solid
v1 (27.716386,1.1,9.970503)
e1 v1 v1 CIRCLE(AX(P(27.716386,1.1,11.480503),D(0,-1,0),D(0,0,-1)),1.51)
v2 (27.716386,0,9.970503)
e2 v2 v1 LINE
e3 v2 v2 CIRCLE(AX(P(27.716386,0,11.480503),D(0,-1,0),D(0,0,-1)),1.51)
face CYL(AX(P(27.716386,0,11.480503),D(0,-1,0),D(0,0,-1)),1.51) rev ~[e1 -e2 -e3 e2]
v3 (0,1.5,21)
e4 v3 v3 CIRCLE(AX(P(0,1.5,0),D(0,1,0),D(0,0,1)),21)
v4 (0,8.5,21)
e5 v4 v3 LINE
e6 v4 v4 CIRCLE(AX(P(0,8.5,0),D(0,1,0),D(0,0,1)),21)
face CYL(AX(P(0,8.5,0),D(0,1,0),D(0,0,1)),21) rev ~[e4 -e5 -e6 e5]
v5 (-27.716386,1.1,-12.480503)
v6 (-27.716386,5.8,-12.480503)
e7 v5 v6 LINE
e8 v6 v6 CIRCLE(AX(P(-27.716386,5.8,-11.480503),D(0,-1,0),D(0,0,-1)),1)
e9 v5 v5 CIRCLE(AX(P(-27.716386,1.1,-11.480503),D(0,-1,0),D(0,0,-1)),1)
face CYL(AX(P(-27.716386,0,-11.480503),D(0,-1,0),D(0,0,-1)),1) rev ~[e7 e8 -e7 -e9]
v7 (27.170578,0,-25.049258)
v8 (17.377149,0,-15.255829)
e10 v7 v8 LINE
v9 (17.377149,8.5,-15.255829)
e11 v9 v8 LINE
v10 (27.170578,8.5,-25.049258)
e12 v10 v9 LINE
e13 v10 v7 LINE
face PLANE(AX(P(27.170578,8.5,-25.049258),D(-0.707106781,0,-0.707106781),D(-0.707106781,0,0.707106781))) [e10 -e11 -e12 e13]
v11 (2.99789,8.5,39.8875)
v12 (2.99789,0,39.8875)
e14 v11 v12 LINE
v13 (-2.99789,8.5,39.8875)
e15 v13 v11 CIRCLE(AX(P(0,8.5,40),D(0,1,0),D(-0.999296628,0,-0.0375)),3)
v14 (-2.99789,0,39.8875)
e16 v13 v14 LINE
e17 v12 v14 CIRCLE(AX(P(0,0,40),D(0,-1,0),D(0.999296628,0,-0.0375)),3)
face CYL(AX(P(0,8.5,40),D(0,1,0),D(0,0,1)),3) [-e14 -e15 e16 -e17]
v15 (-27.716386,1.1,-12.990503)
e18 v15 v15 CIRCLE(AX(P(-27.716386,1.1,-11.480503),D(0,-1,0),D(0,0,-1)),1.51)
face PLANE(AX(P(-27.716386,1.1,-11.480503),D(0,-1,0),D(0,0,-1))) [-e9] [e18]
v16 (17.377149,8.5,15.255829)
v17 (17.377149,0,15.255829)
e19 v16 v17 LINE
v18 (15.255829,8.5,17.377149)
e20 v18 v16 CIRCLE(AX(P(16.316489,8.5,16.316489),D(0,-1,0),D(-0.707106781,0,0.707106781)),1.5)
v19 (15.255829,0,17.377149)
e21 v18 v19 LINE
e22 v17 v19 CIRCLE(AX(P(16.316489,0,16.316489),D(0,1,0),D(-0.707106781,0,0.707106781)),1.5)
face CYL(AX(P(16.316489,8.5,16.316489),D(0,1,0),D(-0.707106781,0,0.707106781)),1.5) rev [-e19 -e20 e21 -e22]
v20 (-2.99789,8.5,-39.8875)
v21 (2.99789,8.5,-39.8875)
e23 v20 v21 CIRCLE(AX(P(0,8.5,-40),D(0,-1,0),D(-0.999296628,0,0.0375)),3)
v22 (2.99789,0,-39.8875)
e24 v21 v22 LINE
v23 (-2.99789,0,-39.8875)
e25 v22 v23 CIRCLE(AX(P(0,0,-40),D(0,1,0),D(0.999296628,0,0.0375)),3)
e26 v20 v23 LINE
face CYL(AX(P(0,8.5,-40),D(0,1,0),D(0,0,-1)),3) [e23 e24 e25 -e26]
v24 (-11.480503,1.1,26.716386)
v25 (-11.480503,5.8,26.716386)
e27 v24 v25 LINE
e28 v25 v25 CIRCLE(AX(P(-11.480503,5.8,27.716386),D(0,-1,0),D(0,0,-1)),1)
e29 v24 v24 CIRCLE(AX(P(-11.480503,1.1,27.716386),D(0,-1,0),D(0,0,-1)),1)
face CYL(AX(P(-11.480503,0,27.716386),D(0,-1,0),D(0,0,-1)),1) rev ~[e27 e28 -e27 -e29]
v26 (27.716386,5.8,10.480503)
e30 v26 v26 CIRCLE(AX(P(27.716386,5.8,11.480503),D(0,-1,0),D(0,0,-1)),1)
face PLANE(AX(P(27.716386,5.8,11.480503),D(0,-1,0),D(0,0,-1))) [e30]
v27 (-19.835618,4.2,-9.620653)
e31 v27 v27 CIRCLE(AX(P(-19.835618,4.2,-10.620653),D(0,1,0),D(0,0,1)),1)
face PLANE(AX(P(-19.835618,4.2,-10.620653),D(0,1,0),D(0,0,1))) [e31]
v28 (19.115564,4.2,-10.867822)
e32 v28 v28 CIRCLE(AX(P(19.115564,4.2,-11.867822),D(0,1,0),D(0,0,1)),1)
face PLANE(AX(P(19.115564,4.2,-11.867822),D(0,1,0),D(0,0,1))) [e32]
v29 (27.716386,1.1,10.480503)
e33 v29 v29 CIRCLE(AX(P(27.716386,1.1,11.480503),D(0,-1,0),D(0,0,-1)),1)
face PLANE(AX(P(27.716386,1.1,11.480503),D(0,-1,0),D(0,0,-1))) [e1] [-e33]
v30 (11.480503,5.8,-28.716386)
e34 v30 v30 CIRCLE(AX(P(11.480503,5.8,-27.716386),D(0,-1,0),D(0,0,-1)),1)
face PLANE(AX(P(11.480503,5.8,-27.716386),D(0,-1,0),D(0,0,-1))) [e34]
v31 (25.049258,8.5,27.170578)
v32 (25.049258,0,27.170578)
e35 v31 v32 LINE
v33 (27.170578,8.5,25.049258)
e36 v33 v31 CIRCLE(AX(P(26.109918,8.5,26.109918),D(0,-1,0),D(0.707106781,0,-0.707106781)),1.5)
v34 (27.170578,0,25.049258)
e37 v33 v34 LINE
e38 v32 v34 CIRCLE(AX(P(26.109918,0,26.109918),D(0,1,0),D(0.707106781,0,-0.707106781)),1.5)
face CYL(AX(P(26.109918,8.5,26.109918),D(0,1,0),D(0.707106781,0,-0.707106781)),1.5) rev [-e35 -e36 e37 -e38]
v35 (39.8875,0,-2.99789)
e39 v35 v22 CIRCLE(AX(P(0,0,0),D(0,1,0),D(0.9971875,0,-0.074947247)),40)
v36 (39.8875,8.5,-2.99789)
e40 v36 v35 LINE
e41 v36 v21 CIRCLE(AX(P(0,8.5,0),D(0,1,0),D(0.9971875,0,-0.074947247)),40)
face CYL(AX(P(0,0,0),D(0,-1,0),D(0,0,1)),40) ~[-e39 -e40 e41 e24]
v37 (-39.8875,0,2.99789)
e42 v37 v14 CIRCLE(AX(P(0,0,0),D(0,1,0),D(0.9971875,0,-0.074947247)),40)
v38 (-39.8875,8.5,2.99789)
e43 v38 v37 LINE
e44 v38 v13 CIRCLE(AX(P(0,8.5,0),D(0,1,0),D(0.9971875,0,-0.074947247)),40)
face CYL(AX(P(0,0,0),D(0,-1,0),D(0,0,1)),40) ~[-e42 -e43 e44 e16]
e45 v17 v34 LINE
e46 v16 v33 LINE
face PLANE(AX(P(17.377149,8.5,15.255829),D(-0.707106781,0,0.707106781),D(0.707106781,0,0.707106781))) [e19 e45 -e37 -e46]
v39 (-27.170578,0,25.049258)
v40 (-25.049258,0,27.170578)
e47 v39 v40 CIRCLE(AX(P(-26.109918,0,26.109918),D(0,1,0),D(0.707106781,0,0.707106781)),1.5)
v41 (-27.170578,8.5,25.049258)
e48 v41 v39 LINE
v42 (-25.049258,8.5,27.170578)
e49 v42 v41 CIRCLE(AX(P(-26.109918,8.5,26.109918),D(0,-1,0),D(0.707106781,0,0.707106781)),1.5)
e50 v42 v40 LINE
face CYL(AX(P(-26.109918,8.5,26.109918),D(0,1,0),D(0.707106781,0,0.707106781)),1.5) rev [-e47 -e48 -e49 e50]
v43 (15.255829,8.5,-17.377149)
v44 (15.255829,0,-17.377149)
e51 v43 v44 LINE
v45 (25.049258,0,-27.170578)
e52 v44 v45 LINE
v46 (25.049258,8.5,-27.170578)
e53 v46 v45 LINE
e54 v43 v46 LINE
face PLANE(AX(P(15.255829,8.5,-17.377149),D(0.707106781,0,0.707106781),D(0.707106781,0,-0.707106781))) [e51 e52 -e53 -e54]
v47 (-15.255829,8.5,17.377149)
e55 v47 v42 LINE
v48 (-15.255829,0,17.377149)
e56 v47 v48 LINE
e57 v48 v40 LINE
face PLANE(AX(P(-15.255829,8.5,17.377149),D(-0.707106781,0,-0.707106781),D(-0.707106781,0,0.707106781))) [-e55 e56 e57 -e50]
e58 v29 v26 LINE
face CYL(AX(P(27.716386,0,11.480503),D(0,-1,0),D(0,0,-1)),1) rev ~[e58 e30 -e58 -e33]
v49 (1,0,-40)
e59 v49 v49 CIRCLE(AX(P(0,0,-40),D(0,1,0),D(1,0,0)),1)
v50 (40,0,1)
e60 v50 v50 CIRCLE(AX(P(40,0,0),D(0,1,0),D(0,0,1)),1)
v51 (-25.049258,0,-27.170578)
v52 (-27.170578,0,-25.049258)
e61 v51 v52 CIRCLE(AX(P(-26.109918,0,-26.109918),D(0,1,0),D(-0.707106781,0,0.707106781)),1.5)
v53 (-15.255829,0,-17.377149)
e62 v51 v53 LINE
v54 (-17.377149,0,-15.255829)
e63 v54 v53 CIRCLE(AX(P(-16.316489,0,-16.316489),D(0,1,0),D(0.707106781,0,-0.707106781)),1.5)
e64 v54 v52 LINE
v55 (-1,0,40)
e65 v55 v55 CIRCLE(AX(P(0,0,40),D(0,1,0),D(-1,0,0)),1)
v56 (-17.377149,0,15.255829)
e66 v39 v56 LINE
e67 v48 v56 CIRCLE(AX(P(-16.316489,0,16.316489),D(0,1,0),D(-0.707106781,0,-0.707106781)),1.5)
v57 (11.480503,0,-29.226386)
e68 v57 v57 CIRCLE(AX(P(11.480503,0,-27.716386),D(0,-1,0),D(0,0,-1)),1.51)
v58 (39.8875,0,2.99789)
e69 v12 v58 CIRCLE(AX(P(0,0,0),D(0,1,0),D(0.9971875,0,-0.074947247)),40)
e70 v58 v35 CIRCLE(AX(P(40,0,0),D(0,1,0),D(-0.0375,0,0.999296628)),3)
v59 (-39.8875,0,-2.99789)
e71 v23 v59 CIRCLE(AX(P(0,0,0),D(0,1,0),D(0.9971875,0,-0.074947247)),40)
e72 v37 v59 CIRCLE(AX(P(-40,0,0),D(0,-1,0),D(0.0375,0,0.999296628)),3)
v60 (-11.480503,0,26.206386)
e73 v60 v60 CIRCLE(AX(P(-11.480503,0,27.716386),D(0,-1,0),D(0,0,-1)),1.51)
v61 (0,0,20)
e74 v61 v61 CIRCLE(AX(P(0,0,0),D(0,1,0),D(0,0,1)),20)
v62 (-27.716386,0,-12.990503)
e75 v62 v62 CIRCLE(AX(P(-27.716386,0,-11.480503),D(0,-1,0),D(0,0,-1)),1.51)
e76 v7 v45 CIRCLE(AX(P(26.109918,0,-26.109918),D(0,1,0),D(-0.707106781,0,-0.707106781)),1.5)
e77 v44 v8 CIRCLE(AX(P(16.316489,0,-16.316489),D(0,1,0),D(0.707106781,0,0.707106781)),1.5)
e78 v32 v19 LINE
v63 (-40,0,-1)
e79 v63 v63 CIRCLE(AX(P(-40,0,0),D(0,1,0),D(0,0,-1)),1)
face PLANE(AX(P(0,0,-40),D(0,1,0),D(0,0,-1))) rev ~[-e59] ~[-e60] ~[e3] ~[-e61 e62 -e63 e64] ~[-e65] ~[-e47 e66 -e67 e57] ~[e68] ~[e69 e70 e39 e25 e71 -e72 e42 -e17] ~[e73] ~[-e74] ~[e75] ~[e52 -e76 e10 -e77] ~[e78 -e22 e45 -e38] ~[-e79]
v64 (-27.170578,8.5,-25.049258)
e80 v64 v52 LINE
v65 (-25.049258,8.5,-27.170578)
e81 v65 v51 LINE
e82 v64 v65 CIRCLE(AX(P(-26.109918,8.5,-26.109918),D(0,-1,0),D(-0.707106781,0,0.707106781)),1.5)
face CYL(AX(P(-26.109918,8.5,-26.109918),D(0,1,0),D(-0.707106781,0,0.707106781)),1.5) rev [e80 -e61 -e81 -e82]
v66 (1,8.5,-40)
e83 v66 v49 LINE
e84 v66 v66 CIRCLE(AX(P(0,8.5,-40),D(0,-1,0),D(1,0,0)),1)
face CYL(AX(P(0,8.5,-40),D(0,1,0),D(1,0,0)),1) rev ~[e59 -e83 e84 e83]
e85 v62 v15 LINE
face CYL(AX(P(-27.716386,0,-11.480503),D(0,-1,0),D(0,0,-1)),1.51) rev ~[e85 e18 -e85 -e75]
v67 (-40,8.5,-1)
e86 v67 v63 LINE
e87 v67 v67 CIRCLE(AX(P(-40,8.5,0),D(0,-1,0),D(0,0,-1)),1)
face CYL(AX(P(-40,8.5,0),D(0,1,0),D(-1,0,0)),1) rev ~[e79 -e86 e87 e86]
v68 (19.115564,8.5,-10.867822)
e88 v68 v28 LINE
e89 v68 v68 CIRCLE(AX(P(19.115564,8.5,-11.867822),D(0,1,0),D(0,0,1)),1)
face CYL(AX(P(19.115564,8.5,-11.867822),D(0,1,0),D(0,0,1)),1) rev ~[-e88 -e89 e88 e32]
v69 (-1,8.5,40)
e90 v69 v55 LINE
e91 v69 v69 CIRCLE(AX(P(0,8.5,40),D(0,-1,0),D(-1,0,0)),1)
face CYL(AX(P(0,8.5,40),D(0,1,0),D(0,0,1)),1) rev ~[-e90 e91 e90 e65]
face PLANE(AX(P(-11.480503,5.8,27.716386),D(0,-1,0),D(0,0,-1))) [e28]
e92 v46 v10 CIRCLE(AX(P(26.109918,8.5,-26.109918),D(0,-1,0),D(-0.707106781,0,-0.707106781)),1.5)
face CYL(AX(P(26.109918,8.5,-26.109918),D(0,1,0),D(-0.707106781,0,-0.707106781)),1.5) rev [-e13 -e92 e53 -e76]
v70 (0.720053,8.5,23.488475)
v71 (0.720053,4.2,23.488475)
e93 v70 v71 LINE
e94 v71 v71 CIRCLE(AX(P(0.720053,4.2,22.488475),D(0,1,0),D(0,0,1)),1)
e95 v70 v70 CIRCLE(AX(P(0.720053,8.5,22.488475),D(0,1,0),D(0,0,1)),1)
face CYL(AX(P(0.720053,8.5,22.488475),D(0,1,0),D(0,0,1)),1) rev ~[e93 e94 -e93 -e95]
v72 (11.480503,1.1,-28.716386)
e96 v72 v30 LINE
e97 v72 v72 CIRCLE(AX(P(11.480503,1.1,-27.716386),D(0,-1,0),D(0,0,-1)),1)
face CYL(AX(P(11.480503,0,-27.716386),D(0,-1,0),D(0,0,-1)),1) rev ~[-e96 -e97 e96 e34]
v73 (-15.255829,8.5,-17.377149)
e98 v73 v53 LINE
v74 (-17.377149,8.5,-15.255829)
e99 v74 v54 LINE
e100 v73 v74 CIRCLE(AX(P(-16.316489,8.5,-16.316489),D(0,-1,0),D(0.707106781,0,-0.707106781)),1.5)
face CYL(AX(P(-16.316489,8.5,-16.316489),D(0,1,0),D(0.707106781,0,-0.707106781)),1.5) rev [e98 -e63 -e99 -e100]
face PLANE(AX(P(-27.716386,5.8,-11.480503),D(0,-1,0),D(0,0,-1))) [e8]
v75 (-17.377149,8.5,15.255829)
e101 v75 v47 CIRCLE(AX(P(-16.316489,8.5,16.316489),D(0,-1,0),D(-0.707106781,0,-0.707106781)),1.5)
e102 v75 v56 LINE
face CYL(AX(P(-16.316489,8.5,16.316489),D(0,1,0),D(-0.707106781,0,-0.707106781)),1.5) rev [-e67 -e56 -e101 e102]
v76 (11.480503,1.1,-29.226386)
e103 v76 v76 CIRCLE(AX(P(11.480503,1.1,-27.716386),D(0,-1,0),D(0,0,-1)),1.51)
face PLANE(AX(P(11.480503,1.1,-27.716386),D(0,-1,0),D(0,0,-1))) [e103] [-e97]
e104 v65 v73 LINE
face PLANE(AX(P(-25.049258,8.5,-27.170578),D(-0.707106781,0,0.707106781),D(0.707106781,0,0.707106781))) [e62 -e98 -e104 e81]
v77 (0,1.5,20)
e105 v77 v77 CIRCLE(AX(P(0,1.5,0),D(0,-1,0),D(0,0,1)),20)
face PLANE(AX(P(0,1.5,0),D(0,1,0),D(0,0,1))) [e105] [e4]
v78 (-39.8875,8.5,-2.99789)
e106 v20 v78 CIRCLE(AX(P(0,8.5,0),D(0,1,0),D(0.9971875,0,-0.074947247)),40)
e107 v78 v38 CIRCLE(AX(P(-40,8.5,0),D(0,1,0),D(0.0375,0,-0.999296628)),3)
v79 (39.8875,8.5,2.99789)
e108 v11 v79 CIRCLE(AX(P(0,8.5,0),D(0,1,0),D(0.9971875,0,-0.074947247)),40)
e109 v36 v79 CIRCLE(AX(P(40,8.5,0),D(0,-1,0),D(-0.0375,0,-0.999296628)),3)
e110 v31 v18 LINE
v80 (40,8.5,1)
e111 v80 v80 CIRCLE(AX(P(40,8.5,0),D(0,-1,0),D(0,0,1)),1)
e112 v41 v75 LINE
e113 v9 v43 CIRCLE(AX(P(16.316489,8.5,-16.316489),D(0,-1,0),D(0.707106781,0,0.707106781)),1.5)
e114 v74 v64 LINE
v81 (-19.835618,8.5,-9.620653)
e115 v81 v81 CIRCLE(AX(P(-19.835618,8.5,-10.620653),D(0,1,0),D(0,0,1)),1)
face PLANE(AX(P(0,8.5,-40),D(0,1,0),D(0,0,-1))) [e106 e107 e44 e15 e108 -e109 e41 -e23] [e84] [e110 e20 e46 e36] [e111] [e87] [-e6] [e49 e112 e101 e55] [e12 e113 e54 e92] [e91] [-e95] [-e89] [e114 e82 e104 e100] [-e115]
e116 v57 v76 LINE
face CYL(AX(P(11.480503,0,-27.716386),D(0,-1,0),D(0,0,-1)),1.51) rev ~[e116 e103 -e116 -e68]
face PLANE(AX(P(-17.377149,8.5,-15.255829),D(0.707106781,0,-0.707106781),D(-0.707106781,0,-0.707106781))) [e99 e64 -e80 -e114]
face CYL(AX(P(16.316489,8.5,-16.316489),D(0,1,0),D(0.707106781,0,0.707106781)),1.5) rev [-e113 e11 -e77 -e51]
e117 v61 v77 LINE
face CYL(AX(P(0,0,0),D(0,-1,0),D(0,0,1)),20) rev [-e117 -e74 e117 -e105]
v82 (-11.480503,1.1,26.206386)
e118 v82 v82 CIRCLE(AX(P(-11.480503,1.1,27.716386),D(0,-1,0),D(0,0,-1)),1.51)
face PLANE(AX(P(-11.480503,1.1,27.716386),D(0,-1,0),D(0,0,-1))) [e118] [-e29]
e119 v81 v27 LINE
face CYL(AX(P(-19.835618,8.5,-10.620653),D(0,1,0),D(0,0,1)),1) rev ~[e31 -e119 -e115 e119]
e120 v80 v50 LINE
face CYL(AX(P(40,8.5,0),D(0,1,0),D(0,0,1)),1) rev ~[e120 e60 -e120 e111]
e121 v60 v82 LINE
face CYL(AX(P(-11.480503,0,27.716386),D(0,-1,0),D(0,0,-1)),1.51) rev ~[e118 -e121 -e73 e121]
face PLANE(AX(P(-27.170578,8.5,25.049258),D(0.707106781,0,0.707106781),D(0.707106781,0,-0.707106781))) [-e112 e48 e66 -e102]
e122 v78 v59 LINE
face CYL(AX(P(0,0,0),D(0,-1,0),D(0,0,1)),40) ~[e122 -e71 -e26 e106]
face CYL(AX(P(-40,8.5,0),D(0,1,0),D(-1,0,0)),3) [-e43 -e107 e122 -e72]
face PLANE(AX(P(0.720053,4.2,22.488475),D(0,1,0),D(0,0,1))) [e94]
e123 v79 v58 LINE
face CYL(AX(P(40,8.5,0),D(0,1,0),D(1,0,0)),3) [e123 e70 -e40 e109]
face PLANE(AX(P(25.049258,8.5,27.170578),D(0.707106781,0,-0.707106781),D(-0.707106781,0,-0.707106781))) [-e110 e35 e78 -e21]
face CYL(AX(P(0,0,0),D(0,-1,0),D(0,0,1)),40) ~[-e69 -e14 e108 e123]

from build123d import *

# Parameters (mm, degrees)
SKETCH1_R                                    = 40
SKETCH1_R_2                                  = 20
BOSS_EXTRUDE1_DEPTH                          = 8.5
SKETCH2_R                                    = 1
CUT_EXTRUDE2_DEPTH                           = 58.203583804
SKETCH2_6_R                                  = 3
SKETCH2_6_R_2                                = 1
BOSS_EXTRUDE3_DEPTH                          = 8.5
CIRPATTERN1_COUNT                            = 4
CUT_EXTRUDE4_DEPTH                           = 62.402361518
CIRPATTERN3_COUNT                            = 4
SKETCH7_R                                    = 21
CUT_EXTRUDE5_DEPTH                           = 7
SKETCH8_R                                    = 1
OUTER_RETAINER_M2_TAPPED_ENVELOPE_DEPTH      = 4.3
SKETCH9_R                                    = 1
REVB_OLDHAM_FOUR_M2_BLIND_THREAD_MAJOR_DEPTH = 5.8
SKETCH10_R                                   = 1.51
REVB_OLDHAM_FOUR_D3P02_PILOT_POCKETS_DEPTH   = 1.1


with BuildPart() as part:
    # Sketch1 → Boss-Extrude1 (new body)
    with BuildSketch(Plane(origin=(0, 0, 0), x_dir=(1, 0, 0), z_dir=(0, 1, 0))):
        Circle(SKETCH1_R)
        Circle(SKETCH1_R_2, mode=Mode.SUBTRACT)
    extrude(amount=BOSS_EXTRUDE1_DEPTH)

    # Sketch2 → Cut-Extrude2 (cut, through all)
    with BuildSketch(Plane(origin=(0, 8.5, 0), x_dir=(1, 0, 0), z_dir=(0, 1, 0))):
        with Locations((40, 0)):
            Circle(SKETCH2_R)
    cut_extrude2 = extrude(amount=-CUT_EXTRUDE2_DEPTH, mode=Mode.SUBTRACT)

    # Sketch2<6> → Boss-Extrude3 (add)
    with BuildSketch(Plane(origin=(0, 8.5, 0), x_dir=(1, 0, 0), z_dir=(0, 1, 0))):
        with Locations((40, 0)):
            Circle(SKETCH2_6_R)
        with Locations((40, 0)):
            Circle(SKETCH2_6_R_2, mode=Mode.SUBTRACT)
    boss_extrude3 = extrude(amount=-BOSS_EXTRUDE3_DEPTH)

    # CirPattern1: Cut-Extrude2, Boss-Extrude3 ×4 about axis
    cirpattern1_axis = Axis((0, 8.5, 0), (0, 1, 0))
    add([cut_extrude2.rotate(cirpattern1_axis, i * 360 / CIRPATTERN1_COUNT) for i in range(1, CIRPATTERN1_COUNT)], mode=Mode.SUBTRACT)
    add([boss_extrude3.rotate(cirpattern1_axis, i * 360 / CIRPATTERN1_COUNT) for i in range(1, CIRPATTERN1_COUNT)])

    # Sketch4 → Cut-Extrude4 (cut, through all)
    with BuildSketch(Plane(origin=(0, 8.5, 0), x_dir=(1, 0, 0), z_dir=(0, 1, 0))):
        with BuildLine():
            Line((-27.170578067, -25.049257724), (-17.377149148, -15.255828804))
            ThreePointArc((-17.377149148, -15.255828804), (-15.255828804, -15.255828804), (-15.255828804, -17.377149148))
            Line((-15.255828804, -17.377149148), (-25.049257724, -27.170578067))
            ThreePointArc((-25.049257724, -27.170578067), (-27.170578067, -27.170578067), (-27.170578067, -25.049257724))
        make_face()
    cut_extrude4 = extrude(amount=-CUT_EXTRUDE4_DEPTH, mode=Mode.SUBTRACT)

    # CirPattern3: Cut-Extrude4 ×4 about axis
    cirpattern3_axis = Axis((0, 8.5, 0), (0, 1, 0))
    for i in range(1, CIRPATTERN3_COUNT):
        add(cut_extrude4.rotate(cirpattern3_axis, i * 360 / CIRPATTERN3_COUNT), mode=Mode.SUBTRACT)

    # Sketch7 → Cut-Extrude5 (cut)
    with BuildSketch(Plane(origin=(0, 8.5, 0), x_dir=(1, 0, 0), z_dir=(0, 1, 0))):
        Circle(SKETCH7_R)
    extrude(amount=-CUT_EXTRUDE5_DEPTH, mode=Mode.SUBTRACT)

    # Sketch8 → Outer_Retainer_M2_Tapped_Envelope (cut)
    with BuildSketch(Plane(origin=(0, 8.5, 0), x_dir=(1, 0, 0), z_dir=(0, 1, 0))):
        with Locations((0.720053396, -22.48847534)):
            Circle(SKETCH8_R)
        with Locations((19.115564239, 11.867822203)):
            Circle(SKETCH8_R)
        with Locations((-19.835617634, 10.620653137)):
            Circle(SKETCH8_R)
    extrude(amount=-OUTER_RETAINER_M2_TAPPED_ENVELOPE_DEPTH, mode=Mode.SUBTRACT)

    # Sketch9 → RevB_Oldham_Four_M2_Blind_Thread_Major (cut)
    with BuildSketch(Plane.XZ):
        with Locations((27.716385975, 11.480502971)):
            Circle(SKETCH9_R)
        with Locations((-11.480502971, 27.716385975)):
            Circle(SKETCH9_R)
        with Locations((-27.716385975, -11.480502971)):
            Circle(SKETCH9_R)
        with Locations((11.480502971, -27.716385975)):
            Circle(SKETCH9_R)
    extrude(amount=-REVB_OLDHAM_FOUR_M2_BLIND_THREAD_MAJOR_DEPTH, mode=Mode.SUBTRACT)

    # Sketch10 → RevB_Oldham_Four_D3p02_Pilot_Pockets (cut)
    with BuildSketch(Plane.XZ):
        with Locations((27.716385975, 11.480502971)):
            Circle(SKETCH10_R)
        with Locations((-11.480502971, 27.716385975)):
            Circle(SKETCH10_R)
        with Locations((-27.716385975, -11.480502971)):
            Circle(SKETCH10_R)
        with Locations((11.480502971, -27.716385975)):
            Circle(SKETCH10_R)
    extrude(amount=-REVB_OLDHAM_FOUR_D3P02_PILOT_POCKETS_DEPTH, mode=Mode.SUBTRACT)


solid = part.part
